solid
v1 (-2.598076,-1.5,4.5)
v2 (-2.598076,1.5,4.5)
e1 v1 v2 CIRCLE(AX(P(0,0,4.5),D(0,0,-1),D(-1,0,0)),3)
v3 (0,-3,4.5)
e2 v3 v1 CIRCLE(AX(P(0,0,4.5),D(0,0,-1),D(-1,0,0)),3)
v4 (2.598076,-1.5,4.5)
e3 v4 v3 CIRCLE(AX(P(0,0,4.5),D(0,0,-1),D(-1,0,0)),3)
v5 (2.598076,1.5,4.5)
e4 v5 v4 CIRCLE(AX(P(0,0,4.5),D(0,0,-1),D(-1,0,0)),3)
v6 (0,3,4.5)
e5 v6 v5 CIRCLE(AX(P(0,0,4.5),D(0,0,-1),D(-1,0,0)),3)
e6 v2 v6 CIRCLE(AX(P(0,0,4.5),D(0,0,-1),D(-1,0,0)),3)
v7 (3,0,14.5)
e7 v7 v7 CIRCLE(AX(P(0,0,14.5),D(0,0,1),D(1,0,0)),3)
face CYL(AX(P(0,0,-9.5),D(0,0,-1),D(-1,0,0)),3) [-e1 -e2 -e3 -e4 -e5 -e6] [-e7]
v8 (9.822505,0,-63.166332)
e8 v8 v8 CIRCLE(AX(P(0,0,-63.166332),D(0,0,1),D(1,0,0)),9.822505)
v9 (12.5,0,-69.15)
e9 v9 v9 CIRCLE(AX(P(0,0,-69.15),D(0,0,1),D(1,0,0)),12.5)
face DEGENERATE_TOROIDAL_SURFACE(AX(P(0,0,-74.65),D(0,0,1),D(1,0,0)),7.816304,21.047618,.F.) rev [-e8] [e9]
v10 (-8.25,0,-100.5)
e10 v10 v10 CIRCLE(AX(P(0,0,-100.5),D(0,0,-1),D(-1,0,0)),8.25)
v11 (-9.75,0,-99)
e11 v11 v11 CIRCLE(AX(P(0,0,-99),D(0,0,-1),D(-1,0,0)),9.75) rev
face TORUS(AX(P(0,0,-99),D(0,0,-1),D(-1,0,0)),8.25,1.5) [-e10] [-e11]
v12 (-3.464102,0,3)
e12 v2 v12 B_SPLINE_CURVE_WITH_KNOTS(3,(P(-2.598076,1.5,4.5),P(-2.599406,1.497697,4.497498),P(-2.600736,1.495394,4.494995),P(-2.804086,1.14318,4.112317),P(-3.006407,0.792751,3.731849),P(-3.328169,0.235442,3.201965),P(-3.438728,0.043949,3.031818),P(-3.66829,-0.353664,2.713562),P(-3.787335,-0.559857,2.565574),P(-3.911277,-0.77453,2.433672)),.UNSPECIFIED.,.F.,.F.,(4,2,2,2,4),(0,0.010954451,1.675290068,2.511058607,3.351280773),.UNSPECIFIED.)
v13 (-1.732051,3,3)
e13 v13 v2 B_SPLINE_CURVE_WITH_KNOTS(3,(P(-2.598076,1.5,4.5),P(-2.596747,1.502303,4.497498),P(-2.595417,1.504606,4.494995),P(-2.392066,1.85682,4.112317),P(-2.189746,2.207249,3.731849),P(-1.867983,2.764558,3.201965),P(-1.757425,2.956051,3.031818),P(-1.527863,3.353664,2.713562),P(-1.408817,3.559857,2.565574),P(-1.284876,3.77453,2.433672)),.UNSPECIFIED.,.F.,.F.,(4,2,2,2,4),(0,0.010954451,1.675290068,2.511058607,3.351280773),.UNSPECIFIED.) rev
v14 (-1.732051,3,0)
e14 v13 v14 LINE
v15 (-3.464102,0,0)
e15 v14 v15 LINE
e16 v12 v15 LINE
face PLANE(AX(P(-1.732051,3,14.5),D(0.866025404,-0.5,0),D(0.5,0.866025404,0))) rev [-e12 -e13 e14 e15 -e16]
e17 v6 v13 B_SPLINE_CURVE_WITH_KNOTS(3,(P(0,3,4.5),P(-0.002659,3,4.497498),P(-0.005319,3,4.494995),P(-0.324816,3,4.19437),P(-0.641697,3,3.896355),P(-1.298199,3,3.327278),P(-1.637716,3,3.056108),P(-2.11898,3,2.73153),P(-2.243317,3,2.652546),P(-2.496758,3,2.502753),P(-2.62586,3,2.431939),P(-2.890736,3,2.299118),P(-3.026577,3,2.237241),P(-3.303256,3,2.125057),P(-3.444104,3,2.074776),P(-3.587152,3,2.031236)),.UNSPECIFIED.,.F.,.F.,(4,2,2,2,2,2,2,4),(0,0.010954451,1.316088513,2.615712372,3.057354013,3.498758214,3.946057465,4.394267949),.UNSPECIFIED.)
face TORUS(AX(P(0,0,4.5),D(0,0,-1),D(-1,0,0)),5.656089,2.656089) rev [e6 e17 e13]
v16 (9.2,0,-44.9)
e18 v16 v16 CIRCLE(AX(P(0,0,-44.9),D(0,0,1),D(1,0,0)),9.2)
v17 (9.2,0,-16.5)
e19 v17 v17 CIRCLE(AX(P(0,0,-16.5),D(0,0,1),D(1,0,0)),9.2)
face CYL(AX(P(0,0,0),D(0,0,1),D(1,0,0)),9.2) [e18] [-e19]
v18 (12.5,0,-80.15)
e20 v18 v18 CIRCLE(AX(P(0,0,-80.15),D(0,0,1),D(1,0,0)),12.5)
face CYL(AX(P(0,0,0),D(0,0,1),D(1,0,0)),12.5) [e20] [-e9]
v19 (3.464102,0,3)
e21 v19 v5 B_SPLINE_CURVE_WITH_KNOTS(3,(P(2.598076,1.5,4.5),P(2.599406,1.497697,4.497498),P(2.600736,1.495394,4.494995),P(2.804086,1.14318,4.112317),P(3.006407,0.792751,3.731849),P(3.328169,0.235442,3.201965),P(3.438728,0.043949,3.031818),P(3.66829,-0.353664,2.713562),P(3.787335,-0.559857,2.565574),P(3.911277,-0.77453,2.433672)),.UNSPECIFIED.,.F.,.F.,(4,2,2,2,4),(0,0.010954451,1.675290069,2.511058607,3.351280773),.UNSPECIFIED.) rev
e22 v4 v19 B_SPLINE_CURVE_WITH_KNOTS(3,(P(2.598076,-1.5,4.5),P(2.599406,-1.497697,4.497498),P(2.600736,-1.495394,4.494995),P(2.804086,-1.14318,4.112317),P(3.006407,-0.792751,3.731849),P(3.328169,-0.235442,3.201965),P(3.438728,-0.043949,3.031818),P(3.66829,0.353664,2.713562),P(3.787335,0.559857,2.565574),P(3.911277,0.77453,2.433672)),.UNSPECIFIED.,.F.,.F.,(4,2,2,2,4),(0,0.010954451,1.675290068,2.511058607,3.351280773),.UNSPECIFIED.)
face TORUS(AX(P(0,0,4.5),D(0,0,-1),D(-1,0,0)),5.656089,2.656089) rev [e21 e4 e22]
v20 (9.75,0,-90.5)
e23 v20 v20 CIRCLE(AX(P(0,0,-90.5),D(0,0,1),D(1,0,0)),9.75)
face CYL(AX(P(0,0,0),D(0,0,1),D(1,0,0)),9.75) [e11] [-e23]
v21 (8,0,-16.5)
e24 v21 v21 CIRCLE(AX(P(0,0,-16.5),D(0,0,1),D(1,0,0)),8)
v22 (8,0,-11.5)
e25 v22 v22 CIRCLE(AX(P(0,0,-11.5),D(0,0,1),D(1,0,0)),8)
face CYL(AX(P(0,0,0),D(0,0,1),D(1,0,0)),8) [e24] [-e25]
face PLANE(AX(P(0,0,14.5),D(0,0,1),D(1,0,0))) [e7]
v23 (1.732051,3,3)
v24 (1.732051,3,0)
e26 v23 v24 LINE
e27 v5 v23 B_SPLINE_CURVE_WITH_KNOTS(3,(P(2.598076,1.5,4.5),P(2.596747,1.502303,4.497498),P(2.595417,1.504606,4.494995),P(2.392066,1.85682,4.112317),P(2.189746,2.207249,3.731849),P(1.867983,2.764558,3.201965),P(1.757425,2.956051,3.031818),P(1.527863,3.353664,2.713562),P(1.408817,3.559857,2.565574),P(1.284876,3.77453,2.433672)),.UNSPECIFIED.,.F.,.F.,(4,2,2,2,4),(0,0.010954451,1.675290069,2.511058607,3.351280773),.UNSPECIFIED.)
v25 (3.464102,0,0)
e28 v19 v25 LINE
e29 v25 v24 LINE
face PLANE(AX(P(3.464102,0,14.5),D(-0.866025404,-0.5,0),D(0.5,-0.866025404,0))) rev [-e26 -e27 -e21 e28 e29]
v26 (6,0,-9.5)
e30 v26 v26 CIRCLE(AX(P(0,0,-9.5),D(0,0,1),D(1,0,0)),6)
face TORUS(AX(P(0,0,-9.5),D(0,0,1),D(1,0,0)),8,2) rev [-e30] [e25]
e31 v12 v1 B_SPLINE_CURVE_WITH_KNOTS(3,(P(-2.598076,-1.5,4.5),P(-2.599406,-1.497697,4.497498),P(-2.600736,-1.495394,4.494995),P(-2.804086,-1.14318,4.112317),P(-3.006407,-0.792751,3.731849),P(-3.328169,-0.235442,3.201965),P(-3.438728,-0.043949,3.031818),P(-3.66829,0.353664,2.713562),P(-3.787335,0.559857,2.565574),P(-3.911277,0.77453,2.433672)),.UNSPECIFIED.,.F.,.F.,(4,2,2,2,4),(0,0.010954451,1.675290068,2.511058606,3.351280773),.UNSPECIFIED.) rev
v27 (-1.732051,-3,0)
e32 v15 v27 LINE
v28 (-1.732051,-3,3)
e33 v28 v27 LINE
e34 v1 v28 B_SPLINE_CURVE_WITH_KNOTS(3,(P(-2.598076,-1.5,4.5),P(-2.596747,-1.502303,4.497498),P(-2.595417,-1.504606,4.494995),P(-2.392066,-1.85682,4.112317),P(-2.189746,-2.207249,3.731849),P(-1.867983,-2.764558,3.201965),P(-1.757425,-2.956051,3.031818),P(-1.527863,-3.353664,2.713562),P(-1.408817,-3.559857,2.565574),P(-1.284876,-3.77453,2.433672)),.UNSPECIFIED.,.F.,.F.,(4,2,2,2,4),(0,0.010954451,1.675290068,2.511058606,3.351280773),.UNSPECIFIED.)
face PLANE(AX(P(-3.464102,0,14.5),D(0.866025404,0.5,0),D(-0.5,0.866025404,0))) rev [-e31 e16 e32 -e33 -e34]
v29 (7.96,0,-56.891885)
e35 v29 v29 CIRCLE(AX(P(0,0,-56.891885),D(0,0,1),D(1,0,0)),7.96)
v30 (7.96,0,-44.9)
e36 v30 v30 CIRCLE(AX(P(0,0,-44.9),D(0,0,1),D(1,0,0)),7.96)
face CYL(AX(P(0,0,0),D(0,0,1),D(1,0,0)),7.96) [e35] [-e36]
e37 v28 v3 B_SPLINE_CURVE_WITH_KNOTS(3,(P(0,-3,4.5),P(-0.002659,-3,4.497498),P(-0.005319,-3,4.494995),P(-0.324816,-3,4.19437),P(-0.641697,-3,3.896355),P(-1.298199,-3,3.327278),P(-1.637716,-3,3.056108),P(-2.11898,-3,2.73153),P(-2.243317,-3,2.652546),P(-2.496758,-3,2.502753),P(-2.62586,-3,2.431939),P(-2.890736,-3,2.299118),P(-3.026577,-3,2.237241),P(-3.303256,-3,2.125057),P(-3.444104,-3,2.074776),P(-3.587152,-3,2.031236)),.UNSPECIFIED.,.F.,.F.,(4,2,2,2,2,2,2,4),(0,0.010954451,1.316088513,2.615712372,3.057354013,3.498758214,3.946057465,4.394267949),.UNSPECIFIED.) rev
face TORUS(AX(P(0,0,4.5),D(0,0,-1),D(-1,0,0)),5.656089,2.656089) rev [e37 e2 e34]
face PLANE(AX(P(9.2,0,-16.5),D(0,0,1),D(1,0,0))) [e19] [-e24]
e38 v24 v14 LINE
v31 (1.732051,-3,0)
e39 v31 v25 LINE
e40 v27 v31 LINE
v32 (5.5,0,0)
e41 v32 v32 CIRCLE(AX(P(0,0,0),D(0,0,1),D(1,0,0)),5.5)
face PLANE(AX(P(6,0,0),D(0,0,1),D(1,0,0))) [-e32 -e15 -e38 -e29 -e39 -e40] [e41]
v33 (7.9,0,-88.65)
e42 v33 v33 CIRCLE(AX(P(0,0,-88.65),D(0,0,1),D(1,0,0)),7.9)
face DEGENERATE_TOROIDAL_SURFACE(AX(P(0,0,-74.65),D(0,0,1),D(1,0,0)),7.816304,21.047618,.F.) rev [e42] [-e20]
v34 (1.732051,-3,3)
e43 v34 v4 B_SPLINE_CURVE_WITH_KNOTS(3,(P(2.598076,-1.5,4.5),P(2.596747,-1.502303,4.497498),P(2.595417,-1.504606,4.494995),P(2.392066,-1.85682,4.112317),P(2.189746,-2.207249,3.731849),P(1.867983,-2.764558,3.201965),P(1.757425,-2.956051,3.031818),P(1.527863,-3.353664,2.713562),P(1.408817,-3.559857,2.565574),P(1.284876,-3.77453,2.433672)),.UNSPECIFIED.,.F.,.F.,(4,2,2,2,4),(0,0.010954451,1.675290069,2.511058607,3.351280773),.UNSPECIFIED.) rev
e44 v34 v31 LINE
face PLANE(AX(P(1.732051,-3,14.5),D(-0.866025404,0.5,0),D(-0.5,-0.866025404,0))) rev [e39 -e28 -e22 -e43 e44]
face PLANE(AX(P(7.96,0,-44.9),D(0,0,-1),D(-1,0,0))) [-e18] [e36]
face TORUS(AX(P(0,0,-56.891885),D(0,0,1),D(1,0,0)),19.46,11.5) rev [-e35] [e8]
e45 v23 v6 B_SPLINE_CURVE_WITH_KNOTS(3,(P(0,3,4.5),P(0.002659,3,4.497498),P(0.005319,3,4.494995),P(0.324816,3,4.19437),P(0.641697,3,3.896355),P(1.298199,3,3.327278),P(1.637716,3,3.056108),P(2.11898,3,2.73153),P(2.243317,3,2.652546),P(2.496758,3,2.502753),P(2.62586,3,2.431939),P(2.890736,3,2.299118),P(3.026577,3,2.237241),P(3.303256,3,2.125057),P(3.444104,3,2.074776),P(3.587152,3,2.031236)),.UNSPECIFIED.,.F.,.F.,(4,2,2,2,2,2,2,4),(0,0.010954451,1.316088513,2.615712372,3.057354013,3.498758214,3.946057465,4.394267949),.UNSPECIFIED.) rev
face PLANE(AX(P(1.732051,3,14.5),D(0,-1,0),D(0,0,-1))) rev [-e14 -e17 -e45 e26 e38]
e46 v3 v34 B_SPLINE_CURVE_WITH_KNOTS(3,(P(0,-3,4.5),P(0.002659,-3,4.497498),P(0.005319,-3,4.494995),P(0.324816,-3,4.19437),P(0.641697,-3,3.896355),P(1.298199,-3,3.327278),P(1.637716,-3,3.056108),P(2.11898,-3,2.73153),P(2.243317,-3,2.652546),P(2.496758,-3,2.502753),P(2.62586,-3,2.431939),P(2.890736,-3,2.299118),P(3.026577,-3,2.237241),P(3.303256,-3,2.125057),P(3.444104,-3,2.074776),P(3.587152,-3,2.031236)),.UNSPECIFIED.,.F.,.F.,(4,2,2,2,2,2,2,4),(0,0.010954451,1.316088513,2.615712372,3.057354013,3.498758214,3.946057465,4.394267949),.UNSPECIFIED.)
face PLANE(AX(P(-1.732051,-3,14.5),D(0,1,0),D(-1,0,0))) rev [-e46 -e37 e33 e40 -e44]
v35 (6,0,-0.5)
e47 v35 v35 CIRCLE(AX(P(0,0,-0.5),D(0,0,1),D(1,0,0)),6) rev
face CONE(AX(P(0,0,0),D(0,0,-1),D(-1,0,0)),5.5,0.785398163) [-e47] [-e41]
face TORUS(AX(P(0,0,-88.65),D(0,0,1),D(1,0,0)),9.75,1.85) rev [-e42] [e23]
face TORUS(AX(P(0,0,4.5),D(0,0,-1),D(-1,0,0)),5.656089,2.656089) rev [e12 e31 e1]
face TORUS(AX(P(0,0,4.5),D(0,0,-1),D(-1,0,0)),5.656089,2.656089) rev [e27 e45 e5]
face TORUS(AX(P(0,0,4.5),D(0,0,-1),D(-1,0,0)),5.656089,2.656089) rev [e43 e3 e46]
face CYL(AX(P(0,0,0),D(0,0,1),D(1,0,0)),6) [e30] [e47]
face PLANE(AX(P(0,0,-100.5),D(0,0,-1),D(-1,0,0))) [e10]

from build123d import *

# Parameters (mm, degrees)
FILLET1_R           = 1.5
CHAMFER1_SIZE       = 0.5
BOSS_EXTRUDE1_DEPTH = 14.5


with BuildPart() as part:
    # Sketch1 → Revolve1 (revolve)
    with BuildSketch(Plane(origin=(0, 0, 0), x_dir=(1, 0, 0), z_dir=(0, 1, 0))):
        with BuildLine():
            Line((0, 0), (0, 100.5))
            Line((0, 100.5), (9.75, 100.5))
            Line((9.75, 100.5), (9.75, 90.5))
            ThreePointArc((9.75, 90.5), (8.441852455, 89.958147545), (7.9, 88.65))
            ThreePointArc((7.9, 88.65), (10.694495807, 84.667609495), (12.5, 80.15))
            Line((12.5, 80.15), (12.5, 69.15))
            ThreePointArc((12.5, 69.15), (11.395638202, 66.053286337), (9.822505168, 63.166332415))
            ThreePointArc((9.822505168, 63.166332415), (8.435454872, 60.164407444), (7.96, 56.89188476))
            Line((7.96, 56.89188476), (7.96, 44.9))
            Line((7.96, 44.9), (9.2, 44.9))
            Line((9.2, 44.9), (9.2, 16.5))
            Line((9.2, 16.5), (8, 16.5))
            Line((8, 16.5), (8, 11.5))
            ThreePointArc((8, 11.5), (6.585786438, 10.914213562), (6, 9.5))
            Line((6, 9.5), (6, 0))
            Line((6, 0), (0, 0))
        make_face()
    revolve(axis=Axis((0, 0, 0), (0, 0, -1)))

    # Fillet1
    fillet1_edges = [part.edges().sort_by_distance(p)[0] for p in [
        (-9.75, 0, -100.5),
    ]]
    fillet(fillet1_edges, radius=FILLET1_R)

    # Chamfer1
    chamfer1_edges = [part.edges().sort_by_distance(p)[0] for p in [
        (-6, 0, 0),
    ]]
    chamfer(chamfer1_edges, length=CHAMFER1_SIZE)

    # Sketch2 → Boss-Extrude1 (add)
    with BuildSketch(Plane.XY):
        Polygon((1.732050808, 3), (-1.732050808, 3), (-3.464101615, 0), (-1.732050808, -3), (1.732050808, -3), (3.464101615, 0), align=None)
    extrude(amount=BOSS_EXTRUDE1_DEPTH)

    # Sketch3 → Cut-Revolve1 (revolve, cut)
    with BuildSketch(Plane(origin=(0, 0, 0), x_dir=(1, 0, 0), z_dir=(0, 1, 0))):
        with BuildLine():
            Line((3, -14.5), (3, -4.5))
            ThreePointArc((3, -4.5), (3.1186767, -3.714921929), (3.464101615, -3))
            Line((3.464101615, -3), (3.464101615, -14.5))
            Line((3.464101615, -14.5), (3, -14.5))
        make_face()
    revolve(axis=Axis((0, 0, 0), (0, 0, 1)), mode=Mode.SUBTRACT)


solid = part.part
